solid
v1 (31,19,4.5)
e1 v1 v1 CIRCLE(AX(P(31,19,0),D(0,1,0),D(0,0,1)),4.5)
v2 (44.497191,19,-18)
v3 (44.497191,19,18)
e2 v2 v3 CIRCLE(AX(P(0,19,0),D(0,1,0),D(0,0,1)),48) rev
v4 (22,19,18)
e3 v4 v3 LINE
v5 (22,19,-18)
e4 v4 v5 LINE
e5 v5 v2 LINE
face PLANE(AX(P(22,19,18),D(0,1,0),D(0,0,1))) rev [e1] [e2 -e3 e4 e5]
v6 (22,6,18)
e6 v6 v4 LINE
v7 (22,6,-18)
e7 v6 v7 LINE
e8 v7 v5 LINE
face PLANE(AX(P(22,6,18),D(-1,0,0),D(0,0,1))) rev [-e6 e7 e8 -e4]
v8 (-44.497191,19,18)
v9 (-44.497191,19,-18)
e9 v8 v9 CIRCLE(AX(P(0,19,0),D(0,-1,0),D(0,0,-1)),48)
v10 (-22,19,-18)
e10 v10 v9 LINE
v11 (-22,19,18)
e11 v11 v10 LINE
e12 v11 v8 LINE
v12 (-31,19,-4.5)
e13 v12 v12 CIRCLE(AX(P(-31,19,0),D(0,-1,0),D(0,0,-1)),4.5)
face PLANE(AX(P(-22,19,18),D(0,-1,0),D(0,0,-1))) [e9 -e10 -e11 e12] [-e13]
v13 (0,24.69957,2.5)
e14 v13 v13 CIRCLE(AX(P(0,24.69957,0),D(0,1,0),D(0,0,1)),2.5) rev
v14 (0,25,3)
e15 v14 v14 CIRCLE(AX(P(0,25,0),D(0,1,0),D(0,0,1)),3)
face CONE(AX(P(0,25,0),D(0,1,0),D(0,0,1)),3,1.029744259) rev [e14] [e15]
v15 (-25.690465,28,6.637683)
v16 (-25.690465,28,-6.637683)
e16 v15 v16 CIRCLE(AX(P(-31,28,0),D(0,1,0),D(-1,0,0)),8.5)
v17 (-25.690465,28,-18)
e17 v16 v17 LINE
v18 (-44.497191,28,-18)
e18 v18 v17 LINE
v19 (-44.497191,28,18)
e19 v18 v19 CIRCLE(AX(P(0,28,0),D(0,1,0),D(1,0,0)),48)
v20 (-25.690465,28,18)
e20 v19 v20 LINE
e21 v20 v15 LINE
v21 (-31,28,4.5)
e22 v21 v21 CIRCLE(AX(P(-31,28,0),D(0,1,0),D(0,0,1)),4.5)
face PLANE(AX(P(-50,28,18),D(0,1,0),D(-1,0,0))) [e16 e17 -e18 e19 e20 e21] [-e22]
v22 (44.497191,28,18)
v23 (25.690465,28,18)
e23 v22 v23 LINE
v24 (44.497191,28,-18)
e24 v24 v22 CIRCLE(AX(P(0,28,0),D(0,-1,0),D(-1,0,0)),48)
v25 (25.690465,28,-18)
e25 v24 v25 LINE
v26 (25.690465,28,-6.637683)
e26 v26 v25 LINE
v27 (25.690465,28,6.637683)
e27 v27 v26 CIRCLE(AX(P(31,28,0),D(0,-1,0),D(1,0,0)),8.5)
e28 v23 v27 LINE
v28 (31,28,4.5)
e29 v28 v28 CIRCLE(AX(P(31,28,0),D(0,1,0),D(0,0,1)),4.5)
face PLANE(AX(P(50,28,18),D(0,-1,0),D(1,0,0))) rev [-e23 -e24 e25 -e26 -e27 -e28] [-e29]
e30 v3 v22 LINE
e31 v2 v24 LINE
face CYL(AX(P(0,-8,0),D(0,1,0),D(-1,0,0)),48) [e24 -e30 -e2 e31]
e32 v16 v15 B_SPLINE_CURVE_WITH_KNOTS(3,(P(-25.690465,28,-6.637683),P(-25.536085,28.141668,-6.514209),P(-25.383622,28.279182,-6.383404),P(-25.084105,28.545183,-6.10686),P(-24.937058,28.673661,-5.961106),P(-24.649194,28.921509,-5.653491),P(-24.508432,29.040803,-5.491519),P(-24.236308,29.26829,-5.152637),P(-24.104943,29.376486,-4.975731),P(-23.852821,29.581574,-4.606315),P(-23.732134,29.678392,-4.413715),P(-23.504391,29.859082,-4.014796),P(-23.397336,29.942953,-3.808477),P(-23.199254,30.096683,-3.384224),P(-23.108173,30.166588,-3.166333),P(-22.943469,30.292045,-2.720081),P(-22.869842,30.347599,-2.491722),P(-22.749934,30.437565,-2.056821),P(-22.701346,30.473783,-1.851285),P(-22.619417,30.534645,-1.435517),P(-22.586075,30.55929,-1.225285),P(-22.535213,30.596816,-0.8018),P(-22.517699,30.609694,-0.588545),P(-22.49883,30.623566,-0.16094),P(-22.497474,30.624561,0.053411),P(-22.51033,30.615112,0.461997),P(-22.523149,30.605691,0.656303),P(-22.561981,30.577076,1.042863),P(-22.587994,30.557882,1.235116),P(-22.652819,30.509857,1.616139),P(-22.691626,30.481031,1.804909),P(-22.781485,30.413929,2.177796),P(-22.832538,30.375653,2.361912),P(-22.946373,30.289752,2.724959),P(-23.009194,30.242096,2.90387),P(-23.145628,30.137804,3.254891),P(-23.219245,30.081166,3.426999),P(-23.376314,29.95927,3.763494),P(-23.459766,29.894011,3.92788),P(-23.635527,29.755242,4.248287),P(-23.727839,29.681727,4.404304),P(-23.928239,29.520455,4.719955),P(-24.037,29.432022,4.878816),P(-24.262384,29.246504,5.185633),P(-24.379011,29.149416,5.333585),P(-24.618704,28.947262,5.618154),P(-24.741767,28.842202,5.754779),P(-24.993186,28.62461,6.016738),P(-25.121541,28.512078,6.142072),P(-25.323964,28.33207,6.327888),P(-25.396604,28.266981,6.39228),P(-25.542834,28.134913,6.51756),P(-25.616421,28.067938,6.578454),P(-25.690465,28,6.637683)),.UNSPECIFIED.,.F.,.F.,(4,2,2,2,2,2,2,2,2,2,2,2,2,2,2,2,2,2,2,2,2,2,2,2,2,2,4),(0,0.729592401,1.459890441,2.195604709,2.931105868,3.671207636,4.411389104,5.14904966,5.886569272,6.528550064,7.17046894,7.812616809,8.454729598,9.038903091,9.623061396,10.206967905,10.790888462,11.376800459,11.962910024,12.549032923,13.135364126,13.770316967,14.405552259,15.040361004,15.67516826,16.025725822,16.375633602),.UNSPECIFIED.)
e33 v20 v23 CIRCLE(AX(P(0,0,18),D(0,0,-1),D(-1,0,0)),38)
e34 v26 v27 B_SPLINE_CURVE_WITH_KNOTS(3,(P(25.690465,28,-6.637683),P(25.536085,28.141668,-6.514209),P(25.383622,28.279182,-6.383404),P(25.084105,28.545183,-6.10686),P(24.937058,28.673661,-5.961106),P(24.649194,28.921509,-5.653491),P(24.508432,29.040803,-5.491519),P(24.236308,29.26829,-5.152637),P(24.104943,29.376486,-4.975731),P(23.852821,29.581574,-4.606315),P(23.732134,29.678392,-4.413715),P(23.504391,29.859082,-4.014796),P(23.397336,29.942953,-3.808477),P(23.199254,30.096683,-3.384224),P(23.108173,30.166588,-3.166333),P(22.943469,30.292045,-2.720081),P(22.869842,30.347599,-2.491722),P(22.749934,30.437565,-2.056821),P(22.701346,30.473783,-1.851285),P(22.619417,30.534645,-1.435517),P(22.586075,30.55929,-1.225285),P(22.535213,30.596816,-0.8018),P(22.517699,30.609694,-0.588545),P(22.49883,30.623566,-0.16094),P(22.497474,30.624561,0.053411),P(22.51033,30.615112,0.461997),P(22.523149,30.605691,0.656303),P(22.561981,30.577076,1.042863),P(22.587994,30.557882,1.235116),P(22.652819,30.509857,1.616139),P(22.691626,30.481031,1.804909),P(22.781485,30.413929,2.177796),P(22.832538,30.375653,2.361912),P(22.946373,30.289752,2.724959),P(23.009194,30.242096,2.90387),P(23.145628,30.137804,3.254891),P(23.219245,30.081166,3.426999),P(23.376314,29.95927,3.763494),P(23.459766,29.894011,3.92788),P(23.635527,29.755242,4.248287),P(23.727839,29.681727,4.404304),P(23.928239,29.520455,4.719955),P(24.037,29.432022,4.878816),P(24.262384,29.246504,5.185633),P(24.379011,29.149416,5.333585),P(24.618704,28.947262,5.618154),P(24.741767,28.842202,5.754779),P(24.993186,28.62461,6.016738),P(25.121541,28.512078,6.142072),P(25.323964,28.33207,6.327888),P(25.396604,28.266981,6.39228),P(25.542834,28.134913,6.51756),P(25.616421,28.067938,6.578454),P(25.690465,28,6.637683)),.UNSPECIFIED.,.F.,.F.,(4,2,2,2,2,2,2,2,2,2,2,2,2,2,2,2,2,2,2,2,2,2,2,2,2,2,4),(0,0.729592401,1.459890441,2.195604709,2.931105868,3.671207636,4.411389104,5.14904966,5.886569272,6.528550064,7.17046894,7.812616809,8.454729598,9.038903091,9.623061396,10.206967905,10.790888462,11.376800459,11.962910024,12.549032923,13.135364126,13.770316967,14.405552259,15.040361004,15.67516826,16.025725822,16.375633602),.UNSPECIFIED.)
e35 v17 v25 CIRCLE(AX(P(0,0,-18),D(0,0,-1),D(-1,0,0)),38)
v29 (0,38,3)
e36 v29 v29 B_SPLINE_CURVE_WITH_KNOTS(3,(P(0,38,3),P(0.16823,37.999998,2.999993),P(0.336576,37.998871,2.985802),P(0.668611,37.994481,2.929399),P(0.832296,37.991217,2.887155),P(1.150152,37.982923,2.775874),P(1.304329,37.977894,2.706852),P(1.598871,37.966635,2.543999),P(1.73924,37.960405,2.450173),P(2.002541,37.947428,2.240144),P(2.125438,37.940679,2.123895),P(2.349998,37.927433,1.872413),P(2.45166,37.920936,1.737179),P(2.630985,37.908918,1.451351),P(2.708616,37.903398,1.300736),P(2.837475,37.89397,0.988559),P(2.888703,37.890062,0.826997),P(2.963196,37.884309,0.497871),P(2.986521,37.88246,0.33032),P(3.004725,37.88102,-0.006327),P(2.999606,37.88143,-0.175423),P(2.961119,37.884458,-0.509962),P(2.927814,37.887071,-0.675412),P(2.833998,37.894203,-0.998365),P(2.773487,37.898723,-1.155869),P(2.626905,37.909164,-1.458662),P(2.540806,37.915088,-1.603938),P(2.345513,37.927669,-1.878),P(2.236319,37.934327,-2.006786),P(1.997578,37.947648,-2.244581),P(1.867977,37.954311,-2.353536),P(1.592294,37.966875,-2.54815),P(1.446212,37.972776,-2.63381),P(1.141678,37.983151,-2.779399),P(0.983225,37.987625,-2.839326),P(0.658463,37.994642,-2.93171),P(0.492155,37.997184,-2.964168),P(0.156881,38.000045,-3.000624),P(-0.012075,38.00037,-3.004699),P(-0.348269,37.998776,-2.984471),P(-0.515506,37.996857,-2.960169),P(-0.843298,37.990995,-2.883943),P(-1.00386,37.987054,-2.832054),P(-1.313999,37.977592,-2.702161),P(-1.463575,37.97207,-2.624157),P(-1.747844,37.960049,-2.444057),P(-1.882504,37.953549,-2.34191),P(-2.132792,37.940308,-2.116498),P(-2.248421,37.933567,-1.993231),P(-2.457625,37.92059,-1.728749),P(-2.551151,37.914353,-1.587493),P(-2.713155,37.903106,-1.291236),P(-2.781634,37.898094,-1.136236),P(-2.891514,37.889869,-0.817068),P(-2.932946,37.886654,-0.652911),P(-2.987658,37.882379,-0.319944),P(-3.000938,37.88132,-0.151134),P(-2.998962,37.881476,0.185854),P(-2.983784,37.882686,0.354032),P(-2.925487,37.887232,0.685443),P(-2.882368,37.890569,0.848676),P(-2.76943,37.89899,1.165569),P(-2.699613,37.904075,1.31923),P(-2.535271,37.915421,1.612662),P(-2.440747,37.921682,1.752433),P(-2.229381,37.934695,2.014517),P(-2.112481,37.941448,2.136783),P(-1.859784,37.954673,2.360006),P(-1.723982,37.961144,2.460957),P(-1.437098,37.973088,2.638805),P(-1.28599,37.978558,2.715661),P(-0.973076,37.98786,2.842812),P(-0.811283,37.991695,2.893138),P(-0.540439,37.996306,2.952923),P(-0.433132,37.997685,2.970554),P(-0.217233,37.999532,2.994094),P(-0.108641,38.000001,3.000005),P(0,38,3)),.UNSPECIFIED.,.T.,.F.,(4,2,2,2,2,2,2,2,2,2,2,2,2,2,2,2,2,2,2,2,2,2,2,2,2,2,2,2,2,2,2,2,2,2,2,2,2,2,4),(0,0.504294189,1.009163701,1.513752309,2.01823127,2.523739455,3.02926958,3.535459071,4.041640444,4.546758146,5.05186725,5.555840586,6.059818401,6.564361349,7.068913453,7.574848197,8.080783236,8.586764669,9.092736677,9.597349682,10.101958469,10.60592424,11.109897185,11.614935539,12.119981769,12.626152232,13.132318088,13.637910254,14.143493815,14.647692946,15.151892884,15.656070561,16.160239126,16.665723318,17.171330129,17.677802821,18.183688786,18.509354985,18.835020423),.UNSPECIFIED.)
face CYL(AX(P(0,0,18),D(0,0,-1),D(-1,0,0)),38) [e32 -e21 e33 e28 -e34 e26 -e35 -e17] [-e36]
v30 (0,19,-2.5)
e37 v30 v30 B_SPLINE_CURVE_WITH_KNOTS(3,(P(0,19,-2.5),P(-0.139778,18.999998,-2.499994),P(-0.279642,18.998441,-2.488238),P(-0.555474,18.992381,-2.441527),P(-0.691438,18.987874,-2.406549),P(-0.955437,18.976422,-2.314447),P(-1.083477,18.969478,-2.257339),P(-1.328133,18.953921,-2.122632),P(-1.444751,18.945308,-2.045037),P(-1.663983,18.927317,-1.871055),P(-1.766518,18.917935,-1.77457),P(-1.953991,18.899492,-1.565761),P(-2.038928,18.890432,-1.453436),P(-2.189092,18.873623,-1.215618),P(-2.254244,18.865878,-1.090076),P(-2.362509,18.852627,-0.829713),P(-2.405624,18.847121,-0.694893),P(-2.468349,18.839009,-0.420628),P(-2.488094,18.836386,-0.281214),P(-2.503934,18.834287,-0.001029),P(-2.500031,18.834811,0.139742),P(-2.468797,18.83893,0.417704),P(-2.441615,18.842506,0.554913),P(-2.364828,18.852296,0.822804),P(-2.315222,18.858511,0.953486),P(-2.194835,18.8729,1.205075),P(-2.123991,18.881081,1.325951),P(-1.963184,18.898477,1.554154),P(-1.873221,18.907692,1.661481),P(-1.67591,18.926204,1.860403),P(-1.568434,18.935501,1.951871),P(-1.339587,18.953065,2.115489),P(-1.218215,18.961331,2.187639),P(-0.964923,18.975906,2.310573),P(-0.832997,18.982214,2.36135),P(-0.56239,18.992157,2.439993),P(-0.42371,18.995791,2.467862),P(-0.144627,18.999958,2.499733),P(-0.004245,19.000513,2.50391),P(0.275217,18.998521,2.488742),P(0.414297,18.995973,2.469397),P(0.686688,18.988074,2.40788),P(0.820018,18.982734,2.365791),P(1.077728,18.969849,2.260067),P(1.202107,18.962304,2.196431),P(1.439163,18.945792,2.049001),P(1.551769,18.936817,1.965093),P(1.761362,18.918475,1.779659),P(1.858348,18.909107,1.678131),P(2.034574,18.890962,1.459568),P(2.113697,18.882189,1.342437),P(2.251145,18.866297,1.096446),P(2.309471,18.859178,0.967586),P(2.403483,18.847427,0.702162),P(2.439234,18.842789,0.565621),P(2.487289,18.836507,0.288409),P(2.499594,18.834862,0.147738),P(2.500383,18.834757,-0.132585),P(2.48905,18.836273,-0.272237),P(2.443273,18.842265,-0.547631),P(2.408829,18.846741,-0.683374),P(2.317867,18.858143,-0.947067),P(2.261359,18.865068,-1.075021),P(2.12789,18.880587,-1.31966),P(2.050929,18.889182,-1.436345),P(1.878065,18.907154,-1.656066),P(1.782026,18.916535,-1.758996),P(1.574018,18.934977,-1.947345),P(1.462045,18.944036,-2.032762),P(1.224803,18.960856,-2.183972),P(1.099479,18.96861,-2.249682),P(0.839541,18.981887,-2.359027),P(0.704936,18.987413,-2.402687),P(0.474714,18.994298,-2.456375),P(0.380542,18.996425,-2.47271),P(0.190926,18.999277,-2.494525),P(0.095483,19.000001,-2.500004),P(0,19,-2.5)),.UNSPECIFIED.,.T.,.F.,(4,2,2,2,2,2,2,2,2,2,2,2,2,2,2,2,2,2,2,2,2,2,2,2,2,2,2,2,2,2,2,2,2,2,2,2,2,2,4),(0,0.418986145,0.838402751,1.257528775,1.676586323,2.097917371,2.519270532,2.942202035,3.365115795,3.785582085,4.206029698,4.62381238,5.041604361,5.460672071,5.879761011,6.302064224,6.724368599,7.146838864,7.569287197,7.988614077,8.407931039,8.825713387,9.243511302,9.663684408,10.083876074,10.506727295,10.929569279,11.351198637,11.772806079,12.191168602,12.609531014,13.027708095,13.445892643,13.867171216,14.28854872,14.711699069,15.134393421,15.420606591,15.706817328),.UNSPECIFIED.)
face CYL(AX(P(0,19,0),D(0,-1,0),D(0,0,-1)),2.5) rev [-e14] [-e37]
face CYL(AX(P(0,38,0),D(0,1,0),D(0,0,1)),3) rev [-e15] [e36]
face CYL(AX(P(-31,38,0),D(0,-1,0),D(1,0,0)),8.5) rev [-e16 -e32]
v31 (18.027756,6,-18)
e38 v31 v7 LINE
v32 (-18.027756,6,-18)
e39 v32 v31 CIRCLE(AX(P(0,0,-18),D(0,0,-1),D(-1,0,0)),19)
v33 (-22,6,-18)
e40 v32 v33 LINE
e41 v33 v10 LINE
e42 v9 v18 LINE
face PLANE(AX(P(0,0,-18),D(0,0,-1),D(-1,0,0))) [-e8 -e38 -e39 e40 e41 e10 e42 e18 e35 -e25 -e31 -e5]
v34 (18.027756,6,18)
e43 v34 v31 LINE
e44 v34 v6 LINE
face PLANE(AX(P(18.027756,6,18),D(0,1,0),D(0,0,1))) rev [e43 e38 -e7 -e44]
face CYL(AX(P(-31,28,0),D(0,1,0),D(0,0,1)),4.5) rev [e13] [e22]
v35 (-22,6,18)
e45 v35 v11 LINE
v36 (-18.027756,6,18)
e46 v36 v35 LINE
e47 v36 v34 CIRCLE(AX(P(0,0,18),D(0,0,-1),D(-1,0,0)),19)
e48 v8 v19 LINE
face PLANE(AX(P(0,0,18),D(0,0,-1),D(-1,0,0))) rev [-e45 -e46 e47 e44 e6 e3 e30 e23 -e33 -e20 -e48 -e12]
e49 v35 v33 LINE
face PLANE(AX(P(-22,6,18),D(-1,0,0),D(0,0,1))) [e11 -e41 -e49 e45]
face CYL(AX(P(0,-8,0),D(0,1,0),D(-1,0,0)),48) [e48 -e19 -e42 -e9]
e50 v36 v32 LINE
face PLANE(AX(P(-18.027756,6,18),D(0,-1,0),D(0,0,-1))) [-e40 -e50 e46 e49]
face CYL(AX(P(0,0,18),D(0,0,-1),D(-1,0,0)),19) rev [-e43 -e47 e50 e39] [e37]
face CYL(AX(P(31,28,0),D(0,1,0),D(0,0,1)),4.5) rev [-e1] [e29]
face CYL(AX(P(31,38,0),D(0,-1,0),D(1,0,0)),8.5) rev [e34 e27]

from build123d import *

# Parameters (mm, degrees)
BOSS_EXTRUDE1_DEPTH                 = 18
F_1_0MM_DOWEL_HOLE1_D               = 9
CUT_EXTRUDE1_DEPTH                  = 36
F_1_0MM_DOWEL_HOLE2_D               = 6
F_1_0MM_DOWEL_HOLE2_DEPTH           = 13
F_1_0MM_DOWEL_HOLE2_TIP             = 1.802581857
F_1_0MM_DOWEL_HOLE2_ON_FACE_2_D     = 6
F_1_0MM_DOWEL_HOLE2_ON_FACE_2_DEPTH = 13
F_1_0MM_DOWEL_HOLE2_ON_FACE_2_TIP   = 1.802581857
F_1_0MM_DOWEL_HOLE4_D               = 5
F_1_0MM_DOWEL_HOLE4_ON_FACE_2_D     = 5
CUT_EXTRUDE2_DEPTH                  = 10


with BuildPart() as part:
    # Sketch2 → Boss-Extrude1 (new body, symmetric)
    with BuildSketch(Plane.XY):
        with BuildLine():
            Line((18.027756377, 6), (22, 6))
            Line((22, 6), (22, 19))
            Line((22, 19), (50, 19))
            Line((50, 19), (50, 28))
            Line((50, 28), (25.690465157, 28))
            ThreePointArc((25.690465157, 28), (0, 38), (-25.690465157, 28))
            Line((-25.690465157, 28), (-50, 28))
            Line((-50, 28), (-50, 19))
            Line((-50, 19), (-22, 19))
            Line((-22, 19), (-22, 6))
            Line((-22, 6), (-18.027756377, 6))
            ThreePointArc((-18.027756377, 6), (0, 19), (18.027756377, 6))
        make_face()
    extrude(amount=BOSS_EXTRUDE1_DEPTH, both=True)

    # Ø1.0mm Dowel Hole1 (through all)
    with Locations(Plane(origin=(0, 28, 0), x_dir=(1, 0, 0), z_dir=(0, 1, 0))):
        with Locations((31, 0)):
            f_1_0mm_dowel_hole1 = Hole(F_1_0MM_DOWEL_HOLE1_D / 2)

    # Sketch7 → Cut-Extrude1 (cut)
    with BuildSketch(Plane(origin=(0, 28, 0), x_dir=(1, 0, 0), z_dir=(0, 1, 0))):
        with BuildLine():
            Line((50, 18), (44.497190923, 18))
            ThreePointArc((44.497190923, 18), (48, 0), (44.497190923, -18))
            Line((44.497190923, -18), (50, -18))
            Line((50, -18), (50, 18))
        make_face()
    cut_extrude1 = extrude(amount=-CUT_EXTRUDE1_DEPTH, mode=Mode.SUBTRACT)

    # Ø1.0mm Dowel Hole2
    with Locations(Plane(origin=(0, 38, 0), x_dir=(1, 0, 0), z_dir=(0, 1, 0))):
        with Locations((0, 0)):
            Hole(F_1_0MM_DOWEL_HOLE2_D / 2, depth=F_1_0MM_DOWEL_HOLE2_DEPTH)
            with Locations((0, 0, -(F_1_0MM_DOWEL_HOLE2_DEPTH + F_1_0MM_DOWEL_HOLE2_TIP / 2))):  # 118° drill point
                Cone(0, F_1_0MM_DOWEL_HOLE2_D / 2, F_1_0MM_DOWEL_HOLE2_TIP, mode=Mode.SUBTRACT)

    # Ø1.0mm Dowel Hole2 on face 2
    with Locations(Plane(origin=(0, 0, 0), x_dir=(1, 0, 0), z_dir=(0, 1, 0))):
        with Locations((0, 0)):
            Hole(F_1_0MM_DOWEL_HOLE2_ON_FACE_2_D / 2, depth=F_1_0MM_DOWEL_HOLE2_ON_FACE_2_DEPTH)
            with Locations((0, 0, -(F_1_0MM_DOWEL_HOLE2_ON_FACE_2_DEPTH + F_1_0MM_DOWEL_HOLE2_ON_FACE_2_TIP / 2))):  # 118° drill point
                Cone(0, F_1_0MM_DOWEL_HOLE2_ON_FACE_2_D / 2, F_1_0MM_DOWEL_HOLE2_ON_FACE_2_TIP, mode=Mode.SUBTRACT)

    # Ø1.0mm Dowel Hole4 (through all)
    with Locations(Plane(origin=(0, 19, 0), x_dir=(-1, 0, 0), z_dir=(0, -1, 0))):
        with Locations((0, 0)):
            Hole(F_1_0MM_DOWEL_HOLE4_D / 2)

    # Ø1.0mm Dowel Hole4 on face 2 (through all)
    with Locations(Plane(origin=(0, 0, 0), x_dir=(-1, 0, 0), z_dir=(0, -1, 0))):
        with Locations((0, 0)):
            Hole(F_1_0MM_DOWEL_HOLE4_ON_FACE_2_D / 2)

    # Mirror1: Ø1.0mm Dowel Hole1, Cut-Extrude1 across plane
    add(f_1_0mm_dowel_hole1.mirror(Plane(origin=(0, 0, 0), x_dir=(0, 0, 1), z_dir=(1, 0, 0))), mode=Mode.SUBTRACT)
    add(cut_extrude1.mirror(Plane(origin=(0, 0, 0), x_dir=(0, 0, 1), z_dir=(1, 0, 0))), mode=Mode.SUBTRACT)

    # Sketch16 → Cut-Extrude2 (cut)
    with BuildSketch(Plane(origin=(0, 28, 0), x_dir=(1, 0, 0), z_dir=(0, 1, 0))):
        with BuildLine():
            Line((-25.690465157, -6.637683312), (-25.690465157, 6.637683312))
            ThreePointArc((-25.690465157, 6.637683312), (-22.5, 0), (-25.690465157, -6.637683312))
        make_face()
    cut_extrude2 = extrude(amount=CUT_EXTRUDE2_DEPTH, mode=Mode.SUBTRACT)

    # Mirror2: Cut-Extrude2 across plane
    add(cut_extrude2.mirror(Plane(origin=(0, 0, 0), x_dir=(0, 0, 1), z_dir=(1, 0, 0))), mode=Mode.SUBTRACT)


solid = part.part
